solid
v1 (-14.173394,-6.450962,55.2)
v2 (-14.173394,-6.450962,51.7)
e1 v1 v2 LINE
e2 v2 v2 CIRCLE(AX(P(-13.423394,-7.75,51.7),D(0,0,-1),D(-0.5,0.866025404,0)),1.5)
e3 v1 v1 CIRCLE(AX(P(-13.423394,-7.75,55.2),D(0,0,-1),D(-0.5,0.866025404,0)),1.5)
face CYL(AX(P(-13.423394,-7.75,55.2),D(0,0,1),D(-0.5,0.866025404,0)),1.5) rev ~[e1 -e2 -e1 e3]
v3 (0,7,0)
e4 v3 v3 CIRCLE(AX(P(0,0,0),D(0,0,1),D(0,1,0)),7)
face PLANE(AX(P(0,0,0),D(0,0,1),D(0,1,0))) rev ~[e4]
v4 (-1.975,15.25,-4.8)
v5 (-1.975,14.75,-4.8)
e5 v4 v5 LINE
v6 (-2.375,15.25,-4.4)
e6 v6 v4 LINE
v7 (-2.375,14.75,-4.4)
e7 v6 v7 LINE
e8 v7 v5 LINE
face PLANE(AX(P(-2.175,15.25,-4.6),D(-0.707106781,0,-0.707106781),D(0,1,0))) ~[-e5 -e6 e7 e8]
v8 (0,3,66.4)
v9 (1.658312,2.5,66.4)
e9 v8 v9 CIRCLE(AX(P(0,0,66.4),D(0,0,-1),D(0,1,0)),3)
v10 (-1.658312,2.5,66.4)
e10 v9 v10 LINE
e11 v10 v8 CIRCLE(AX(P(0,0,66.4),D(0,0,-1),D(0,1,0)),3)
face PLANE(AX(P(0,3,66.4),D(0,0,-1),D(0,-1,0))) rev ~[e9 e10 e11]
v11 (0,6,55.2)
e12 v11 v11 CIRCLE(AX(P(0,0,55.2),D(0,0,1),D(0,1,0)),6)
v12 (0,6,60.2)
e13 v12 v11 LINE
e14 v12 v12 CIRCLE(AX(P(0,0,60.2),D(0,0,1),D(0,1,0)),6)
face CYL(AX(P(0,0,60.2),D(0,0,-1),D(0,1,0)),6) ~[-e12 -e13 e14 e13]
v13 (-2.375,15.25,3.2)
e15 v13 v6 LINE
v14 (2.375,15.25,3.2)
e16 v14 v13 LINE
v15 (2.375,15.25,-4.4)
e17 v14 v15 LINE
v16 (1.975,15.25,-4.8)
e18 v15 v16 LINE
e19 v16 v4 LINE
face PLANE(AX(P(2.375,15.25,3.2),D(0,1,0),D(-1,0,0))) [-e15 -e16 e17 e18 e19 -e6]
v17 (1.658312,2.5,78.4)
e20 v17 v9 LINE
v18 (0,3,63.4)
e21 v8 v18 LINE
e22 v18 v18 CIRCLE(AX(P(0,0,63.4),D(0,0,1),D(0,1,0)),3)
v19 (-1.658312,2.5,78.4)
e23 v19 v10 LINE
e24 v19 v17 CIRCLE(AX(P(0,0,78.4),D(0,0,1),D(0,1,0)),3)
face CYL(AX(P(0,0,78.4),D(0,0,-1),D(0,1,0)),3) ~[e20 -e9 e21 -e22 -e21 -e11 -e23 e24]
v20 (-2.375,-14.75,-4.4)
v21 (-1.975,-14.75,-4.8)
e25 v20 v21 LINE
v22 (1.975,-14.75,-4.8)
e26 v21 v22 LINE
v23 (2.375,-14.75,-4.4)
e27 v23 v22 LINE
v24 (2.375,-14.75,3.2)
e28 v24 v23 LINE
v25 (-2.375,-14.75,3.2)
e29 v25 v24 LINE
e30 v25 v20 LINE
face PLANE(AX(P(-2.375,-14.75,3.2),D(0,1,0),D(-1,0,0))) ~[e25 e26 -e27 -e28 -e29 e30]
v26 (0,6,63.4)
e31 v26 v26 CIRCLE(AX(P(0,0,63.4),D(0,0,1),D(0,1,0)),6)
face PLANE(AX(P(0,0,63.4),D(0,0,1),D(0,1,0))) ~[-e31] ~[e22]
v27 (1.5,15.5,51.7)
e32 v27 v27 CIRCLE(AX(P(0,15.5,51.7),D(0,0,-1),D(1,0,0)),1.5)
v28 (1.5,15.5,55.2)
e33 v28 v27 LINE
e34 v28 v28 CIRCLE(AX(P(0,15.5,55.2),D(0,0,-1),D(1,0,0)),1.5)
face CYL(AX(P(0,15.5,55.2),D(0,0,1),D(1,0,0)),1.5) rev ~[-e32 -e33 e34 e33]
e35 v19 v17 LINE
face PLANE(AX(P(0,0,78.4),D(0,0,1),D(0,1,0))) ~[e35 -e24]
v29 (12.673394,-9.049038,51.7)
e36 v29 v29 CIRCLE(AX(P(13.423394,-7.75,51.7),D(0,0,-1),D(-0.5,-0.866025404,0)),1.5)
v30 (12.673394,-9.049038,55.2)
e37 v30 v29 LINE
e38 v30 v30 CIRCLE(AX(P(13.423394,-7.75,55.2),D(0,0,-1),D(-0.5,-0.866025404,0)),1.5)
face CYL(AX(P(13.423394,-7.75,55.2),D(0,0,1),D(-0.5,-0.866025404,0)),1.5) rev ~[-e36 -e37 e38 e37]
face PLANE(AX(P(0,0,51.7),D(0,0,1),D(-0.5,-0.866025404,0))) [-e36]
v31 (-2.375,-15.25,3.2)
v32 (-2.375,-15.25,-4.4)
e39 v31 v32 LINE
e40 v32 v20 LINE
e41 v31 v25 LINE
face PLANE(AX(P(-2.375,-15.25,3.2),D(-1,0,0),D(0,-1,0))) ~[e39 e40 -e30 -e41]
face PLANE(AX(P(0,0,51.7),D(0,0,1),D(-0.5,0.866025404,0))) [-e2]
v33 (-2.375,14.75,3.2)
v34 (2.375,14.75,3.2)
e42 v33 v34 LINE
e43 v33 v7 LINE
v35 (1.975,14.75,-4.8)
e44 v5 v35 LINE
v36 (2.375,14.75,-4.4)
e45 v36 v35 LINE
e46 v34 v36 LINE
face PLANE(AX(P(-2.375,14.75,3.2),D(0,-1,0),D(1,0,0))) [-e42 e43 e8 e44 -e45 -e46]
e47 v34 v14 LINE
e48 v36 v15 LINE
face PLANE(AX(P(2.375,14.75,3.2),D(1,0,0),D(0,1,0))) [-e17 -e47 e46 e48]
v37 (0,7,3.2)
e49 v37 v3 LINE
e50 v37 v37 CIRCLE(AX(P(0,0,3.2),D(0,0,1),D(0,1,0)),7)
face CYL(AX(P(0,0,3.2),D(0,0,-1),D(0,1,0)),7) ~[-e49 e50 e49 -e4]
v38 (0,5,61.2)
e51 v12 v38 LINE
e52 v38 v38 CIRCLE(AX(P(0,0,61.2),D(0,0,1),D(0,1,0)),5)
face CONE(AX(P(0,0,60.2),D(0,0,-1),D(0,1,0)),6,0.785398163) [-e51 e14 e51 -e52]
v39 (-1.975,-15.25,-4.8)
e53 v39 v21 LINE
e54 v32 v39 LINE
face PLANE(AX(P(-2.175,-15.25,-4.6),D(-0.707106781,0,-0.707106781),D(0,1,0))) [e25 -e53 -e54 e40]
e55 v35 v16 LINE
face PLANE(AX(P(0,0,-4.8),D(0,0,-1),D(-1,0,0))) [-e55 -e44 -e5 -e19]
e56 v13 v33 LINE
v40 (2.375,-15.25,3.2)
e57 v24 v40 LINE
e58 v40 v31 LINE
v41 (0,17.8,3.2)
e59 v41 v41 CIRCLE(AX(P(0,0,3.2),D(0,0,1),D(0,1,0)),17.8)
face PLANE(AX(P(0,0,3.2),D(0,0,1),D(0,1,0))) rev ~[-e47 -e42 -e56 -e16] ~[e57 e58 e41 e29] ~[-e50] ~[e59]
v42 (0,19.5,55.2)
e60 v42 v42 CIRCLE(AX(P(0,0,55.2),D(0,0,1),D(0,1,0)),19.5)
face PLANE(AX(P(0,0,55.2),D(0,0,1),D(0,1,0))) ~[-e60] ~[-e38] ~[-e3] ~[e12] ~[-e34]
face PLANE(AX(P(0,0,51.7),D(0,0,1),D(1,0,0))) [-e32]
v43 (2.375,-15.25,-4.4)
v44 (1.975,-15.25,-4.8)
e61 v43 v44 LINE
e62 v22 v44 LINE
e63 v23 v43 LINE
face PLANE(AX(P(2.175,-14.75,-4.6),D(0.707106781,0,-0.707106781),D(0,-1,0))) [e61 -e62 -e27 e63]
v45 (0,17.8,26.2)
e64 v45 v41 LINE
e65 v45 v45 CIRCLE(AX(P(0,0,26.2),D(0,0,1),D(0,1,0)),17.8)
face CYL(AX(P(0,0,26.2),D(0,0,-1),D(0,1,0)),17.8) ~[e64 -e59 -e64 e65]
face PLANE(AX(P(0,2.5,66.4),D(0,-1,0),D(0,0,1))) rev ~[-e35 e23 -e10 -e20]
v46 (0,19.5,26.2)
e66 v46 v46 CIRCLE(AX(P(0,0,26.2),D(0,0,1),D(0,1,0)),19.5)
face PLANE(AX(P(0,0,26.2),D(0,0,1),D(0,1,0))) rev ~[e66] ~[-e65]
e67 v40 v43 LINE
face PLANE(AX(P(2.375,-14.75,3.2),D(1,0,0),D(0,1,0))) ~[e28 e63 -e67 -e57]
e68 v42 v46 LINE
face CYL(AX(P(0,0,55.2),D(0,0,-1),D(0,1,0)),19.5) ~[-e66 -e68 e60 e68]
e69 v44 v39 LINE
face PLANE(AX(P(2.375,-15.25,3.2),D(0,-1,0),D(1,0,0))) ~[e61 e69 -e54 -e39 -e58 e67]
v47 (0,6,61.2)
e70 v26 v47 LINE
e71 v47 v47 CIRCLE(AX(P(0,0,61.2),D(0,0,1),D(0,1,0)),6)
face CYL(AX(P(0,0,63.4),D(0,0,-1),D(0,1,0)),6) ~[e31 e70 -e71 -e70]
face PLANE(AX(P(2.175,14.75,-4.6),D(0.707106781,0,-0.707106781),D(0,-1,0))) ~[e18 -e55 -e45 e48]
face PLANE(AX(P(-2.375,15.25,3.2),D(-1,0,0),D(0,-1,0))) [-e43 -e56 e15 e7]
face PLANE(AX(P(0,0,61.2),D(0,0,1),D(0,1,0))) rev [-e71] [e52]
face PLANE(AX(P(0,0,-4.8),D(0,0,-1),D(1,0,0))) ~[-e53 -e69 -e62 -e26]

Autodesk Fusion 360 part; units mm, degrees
sketch "Sketch2" plane through (0, 0, 0) normal (1, 0, 0) x (0, 0, -1)
  line L0 (0, 0) -> (-3.2, 0)
  line L1 (-3.2, 0) -> (-3.2, 7)
  line L2 (-3.2, 7) -> (0, 7)
  line L3 (0, 7) -> (0, 0)
  line L4 (-3.2, 0) -> (-26.2, 0)
  line L5 (-26.2, 0) -> (-26.2, 17.8)
  line L6 (-26.2, 17.8) -> (-3.2, 17.8)
  line L7 (-3.2, 17.8) -> (-3.2, 0)
  line L8 (-26.2, 0) -> (-55.2, 0)
  line L9 (-55.2, 0) -> (-55.2, 19.5)
  line L10 (-55.2, 19.5) -> (-26.2, 19.5)
  line L11 (-26.2, 19.5) -> (-26.2, 0)
  line L12 (-55.2, 0) -> (-61.2, 0)
  line L13 (-61.2, 0) -> (-61.2, 6)
  line L14 (-60.2, 6) -> (-55.2, 6)
  line L15 (-55.2, 6) -> (-55.2, 0)
  line L16 (-61.2, 0) -> (-63.4, 0)
  line L17 (-63.4, 0) -> (-63.4, 6)
  line L18 (-63.4, 6) -> (-61.2, 6)
  line L19 (-61.2, 5) -> (-61.2, 0)
  line L20 (-63.4, 0) -> (-78.4, 0)
  line L21 (-78.4, 0) -> (-78.4, 3)
  line L22 (-78.4, 3) -> (-63.4, 3)
  line L23 (-63.4, 3) -> (-63.4, 0)
  line L24 (-60.2, 6) -> (-61.2, 5)
  dimension "d4" = 3.2
  dimension "d6" = 52
  dimension "d7" = 29
  dimension "d8" = 6
  dimension "d9" = 2.2
  dimension "d10" = 23.2
  dimension "d11" = 7
  dimension "d12" = 17.8
  dimension "d13" = 19.5
  dimension "d14" = 6
  dimension "d15" = 6
  dimension "d16" = 3
  dimension "d17" = 1
  dimension "d18" = 1
revolve "Revolve1" add sketch "Sketch2" angle 360 about axis through (0, 0, 63.4) along (0, 0, 1)
sketch "Sketch3" plane through (0, 0, 0) normal (1, 0, 0) x (0, 0, -1)
  line L0 (-78.4, 3) -> (-66.4, 3)
  line L1 (-66.4, 3) -> (-66.4, 2.5)
  line L2 (-66.4, 2.5) -> (-78.4, 2.5)
  line L3 (-78.4, 2.5) -> (-78.4, 3)
  point P0 (-78.4, 3)
  dimension "d20" = 12
  dimension "d21" = 0.5
extrude "Extrude2" cut sketch "Sketch3" along normal through all and the other way through all
sketch "Sketch4" plane through (0, 0, 3.2) normal (0, 0, -1) x (-1, 0, 0)
  circle A0 centre (0, 0) radius 17.8
  circle A1 centre (0, 0) radius 7
  line L0 (2.375, 14.75) -> (-2.375, 14.75)
  line L1 (-2.375, 14.75) -> (-2.375, 15.25)
  line L2 (-2.375, 15.25) -> (2.375, 15.25)
  line L3 (2.375, 15.25) -> (2.375, 14.75)
  line L4 (2.375, 14.75) -> (-2.375, 15.25) construction
  line L5 (-2.375, 14.75) -> (2.375, 15.25) construction
  point P0 (0, 15)
  dimension "d24" = 4.75
  dimension "d25" = 15
  dimension "d26" = 0.5
extrude "Extrude3" add sketch "Sketch4" along normal blind 8 contours L0 L1 L2 L3
mirror "Mirror1" about plane through (0, 0, 0) normal (0, 1, 0) of "Extrude3"
sketch "Sketch5" plane through (0, 15.25, 0) normal (0, 1, 0) x (-1, 0, 0)
  line L0 (2.375, 3.2) -> (-2.375, 3.2)
  line L1 (-2.375, 3.2) -> (-2.375, -4.8)
  line L2 (-2.375, -4.8) -> (2.375, -4.8)
  line L3 (2.375, -4.8) -> (2.375, 3.2)
  circle A0 centre (0, -1.6) radius 1
  dimension "d31" = 2
  dimension "d32" = 3.2
extrude "Extrude4" cut sketch "Sketch5" along normal through all contours A0
chamfer "Chamfer1" distance 0.4 angle 45 4 edges at (-2.375, 15, -4.8) (2.375, 15, -4.8) (2.375, -15, -4.8) (-2.375, -15, -4.8)
sketch "Sketch6" plane through (0, 0, 55.2) normal (0, 0, 1) x (1, 0, 0)
  circle A0 centre (0, 0) radius 6
  circle A1 centre (0, 0) radius 19.5
  circle A2 centre (0, 15.5) radius 1.5
  arc A3 (-1.4982, 15.4274) -> (-14.1097, -6.4162) centre (0, 0) ccw
  dimension "d35" = 3
  dimension "d36" = 31
extrude "Extrude5" cut sketch "Sketch6" against normal blind 3.5 contours A2
thread "Thread1"
pattern_circular "C-Pattern1" count 3 over 360 about axis through (0, 0, 1.75) along (0, 0, 1) of "Extrude5"
equation "d18 = d17"
